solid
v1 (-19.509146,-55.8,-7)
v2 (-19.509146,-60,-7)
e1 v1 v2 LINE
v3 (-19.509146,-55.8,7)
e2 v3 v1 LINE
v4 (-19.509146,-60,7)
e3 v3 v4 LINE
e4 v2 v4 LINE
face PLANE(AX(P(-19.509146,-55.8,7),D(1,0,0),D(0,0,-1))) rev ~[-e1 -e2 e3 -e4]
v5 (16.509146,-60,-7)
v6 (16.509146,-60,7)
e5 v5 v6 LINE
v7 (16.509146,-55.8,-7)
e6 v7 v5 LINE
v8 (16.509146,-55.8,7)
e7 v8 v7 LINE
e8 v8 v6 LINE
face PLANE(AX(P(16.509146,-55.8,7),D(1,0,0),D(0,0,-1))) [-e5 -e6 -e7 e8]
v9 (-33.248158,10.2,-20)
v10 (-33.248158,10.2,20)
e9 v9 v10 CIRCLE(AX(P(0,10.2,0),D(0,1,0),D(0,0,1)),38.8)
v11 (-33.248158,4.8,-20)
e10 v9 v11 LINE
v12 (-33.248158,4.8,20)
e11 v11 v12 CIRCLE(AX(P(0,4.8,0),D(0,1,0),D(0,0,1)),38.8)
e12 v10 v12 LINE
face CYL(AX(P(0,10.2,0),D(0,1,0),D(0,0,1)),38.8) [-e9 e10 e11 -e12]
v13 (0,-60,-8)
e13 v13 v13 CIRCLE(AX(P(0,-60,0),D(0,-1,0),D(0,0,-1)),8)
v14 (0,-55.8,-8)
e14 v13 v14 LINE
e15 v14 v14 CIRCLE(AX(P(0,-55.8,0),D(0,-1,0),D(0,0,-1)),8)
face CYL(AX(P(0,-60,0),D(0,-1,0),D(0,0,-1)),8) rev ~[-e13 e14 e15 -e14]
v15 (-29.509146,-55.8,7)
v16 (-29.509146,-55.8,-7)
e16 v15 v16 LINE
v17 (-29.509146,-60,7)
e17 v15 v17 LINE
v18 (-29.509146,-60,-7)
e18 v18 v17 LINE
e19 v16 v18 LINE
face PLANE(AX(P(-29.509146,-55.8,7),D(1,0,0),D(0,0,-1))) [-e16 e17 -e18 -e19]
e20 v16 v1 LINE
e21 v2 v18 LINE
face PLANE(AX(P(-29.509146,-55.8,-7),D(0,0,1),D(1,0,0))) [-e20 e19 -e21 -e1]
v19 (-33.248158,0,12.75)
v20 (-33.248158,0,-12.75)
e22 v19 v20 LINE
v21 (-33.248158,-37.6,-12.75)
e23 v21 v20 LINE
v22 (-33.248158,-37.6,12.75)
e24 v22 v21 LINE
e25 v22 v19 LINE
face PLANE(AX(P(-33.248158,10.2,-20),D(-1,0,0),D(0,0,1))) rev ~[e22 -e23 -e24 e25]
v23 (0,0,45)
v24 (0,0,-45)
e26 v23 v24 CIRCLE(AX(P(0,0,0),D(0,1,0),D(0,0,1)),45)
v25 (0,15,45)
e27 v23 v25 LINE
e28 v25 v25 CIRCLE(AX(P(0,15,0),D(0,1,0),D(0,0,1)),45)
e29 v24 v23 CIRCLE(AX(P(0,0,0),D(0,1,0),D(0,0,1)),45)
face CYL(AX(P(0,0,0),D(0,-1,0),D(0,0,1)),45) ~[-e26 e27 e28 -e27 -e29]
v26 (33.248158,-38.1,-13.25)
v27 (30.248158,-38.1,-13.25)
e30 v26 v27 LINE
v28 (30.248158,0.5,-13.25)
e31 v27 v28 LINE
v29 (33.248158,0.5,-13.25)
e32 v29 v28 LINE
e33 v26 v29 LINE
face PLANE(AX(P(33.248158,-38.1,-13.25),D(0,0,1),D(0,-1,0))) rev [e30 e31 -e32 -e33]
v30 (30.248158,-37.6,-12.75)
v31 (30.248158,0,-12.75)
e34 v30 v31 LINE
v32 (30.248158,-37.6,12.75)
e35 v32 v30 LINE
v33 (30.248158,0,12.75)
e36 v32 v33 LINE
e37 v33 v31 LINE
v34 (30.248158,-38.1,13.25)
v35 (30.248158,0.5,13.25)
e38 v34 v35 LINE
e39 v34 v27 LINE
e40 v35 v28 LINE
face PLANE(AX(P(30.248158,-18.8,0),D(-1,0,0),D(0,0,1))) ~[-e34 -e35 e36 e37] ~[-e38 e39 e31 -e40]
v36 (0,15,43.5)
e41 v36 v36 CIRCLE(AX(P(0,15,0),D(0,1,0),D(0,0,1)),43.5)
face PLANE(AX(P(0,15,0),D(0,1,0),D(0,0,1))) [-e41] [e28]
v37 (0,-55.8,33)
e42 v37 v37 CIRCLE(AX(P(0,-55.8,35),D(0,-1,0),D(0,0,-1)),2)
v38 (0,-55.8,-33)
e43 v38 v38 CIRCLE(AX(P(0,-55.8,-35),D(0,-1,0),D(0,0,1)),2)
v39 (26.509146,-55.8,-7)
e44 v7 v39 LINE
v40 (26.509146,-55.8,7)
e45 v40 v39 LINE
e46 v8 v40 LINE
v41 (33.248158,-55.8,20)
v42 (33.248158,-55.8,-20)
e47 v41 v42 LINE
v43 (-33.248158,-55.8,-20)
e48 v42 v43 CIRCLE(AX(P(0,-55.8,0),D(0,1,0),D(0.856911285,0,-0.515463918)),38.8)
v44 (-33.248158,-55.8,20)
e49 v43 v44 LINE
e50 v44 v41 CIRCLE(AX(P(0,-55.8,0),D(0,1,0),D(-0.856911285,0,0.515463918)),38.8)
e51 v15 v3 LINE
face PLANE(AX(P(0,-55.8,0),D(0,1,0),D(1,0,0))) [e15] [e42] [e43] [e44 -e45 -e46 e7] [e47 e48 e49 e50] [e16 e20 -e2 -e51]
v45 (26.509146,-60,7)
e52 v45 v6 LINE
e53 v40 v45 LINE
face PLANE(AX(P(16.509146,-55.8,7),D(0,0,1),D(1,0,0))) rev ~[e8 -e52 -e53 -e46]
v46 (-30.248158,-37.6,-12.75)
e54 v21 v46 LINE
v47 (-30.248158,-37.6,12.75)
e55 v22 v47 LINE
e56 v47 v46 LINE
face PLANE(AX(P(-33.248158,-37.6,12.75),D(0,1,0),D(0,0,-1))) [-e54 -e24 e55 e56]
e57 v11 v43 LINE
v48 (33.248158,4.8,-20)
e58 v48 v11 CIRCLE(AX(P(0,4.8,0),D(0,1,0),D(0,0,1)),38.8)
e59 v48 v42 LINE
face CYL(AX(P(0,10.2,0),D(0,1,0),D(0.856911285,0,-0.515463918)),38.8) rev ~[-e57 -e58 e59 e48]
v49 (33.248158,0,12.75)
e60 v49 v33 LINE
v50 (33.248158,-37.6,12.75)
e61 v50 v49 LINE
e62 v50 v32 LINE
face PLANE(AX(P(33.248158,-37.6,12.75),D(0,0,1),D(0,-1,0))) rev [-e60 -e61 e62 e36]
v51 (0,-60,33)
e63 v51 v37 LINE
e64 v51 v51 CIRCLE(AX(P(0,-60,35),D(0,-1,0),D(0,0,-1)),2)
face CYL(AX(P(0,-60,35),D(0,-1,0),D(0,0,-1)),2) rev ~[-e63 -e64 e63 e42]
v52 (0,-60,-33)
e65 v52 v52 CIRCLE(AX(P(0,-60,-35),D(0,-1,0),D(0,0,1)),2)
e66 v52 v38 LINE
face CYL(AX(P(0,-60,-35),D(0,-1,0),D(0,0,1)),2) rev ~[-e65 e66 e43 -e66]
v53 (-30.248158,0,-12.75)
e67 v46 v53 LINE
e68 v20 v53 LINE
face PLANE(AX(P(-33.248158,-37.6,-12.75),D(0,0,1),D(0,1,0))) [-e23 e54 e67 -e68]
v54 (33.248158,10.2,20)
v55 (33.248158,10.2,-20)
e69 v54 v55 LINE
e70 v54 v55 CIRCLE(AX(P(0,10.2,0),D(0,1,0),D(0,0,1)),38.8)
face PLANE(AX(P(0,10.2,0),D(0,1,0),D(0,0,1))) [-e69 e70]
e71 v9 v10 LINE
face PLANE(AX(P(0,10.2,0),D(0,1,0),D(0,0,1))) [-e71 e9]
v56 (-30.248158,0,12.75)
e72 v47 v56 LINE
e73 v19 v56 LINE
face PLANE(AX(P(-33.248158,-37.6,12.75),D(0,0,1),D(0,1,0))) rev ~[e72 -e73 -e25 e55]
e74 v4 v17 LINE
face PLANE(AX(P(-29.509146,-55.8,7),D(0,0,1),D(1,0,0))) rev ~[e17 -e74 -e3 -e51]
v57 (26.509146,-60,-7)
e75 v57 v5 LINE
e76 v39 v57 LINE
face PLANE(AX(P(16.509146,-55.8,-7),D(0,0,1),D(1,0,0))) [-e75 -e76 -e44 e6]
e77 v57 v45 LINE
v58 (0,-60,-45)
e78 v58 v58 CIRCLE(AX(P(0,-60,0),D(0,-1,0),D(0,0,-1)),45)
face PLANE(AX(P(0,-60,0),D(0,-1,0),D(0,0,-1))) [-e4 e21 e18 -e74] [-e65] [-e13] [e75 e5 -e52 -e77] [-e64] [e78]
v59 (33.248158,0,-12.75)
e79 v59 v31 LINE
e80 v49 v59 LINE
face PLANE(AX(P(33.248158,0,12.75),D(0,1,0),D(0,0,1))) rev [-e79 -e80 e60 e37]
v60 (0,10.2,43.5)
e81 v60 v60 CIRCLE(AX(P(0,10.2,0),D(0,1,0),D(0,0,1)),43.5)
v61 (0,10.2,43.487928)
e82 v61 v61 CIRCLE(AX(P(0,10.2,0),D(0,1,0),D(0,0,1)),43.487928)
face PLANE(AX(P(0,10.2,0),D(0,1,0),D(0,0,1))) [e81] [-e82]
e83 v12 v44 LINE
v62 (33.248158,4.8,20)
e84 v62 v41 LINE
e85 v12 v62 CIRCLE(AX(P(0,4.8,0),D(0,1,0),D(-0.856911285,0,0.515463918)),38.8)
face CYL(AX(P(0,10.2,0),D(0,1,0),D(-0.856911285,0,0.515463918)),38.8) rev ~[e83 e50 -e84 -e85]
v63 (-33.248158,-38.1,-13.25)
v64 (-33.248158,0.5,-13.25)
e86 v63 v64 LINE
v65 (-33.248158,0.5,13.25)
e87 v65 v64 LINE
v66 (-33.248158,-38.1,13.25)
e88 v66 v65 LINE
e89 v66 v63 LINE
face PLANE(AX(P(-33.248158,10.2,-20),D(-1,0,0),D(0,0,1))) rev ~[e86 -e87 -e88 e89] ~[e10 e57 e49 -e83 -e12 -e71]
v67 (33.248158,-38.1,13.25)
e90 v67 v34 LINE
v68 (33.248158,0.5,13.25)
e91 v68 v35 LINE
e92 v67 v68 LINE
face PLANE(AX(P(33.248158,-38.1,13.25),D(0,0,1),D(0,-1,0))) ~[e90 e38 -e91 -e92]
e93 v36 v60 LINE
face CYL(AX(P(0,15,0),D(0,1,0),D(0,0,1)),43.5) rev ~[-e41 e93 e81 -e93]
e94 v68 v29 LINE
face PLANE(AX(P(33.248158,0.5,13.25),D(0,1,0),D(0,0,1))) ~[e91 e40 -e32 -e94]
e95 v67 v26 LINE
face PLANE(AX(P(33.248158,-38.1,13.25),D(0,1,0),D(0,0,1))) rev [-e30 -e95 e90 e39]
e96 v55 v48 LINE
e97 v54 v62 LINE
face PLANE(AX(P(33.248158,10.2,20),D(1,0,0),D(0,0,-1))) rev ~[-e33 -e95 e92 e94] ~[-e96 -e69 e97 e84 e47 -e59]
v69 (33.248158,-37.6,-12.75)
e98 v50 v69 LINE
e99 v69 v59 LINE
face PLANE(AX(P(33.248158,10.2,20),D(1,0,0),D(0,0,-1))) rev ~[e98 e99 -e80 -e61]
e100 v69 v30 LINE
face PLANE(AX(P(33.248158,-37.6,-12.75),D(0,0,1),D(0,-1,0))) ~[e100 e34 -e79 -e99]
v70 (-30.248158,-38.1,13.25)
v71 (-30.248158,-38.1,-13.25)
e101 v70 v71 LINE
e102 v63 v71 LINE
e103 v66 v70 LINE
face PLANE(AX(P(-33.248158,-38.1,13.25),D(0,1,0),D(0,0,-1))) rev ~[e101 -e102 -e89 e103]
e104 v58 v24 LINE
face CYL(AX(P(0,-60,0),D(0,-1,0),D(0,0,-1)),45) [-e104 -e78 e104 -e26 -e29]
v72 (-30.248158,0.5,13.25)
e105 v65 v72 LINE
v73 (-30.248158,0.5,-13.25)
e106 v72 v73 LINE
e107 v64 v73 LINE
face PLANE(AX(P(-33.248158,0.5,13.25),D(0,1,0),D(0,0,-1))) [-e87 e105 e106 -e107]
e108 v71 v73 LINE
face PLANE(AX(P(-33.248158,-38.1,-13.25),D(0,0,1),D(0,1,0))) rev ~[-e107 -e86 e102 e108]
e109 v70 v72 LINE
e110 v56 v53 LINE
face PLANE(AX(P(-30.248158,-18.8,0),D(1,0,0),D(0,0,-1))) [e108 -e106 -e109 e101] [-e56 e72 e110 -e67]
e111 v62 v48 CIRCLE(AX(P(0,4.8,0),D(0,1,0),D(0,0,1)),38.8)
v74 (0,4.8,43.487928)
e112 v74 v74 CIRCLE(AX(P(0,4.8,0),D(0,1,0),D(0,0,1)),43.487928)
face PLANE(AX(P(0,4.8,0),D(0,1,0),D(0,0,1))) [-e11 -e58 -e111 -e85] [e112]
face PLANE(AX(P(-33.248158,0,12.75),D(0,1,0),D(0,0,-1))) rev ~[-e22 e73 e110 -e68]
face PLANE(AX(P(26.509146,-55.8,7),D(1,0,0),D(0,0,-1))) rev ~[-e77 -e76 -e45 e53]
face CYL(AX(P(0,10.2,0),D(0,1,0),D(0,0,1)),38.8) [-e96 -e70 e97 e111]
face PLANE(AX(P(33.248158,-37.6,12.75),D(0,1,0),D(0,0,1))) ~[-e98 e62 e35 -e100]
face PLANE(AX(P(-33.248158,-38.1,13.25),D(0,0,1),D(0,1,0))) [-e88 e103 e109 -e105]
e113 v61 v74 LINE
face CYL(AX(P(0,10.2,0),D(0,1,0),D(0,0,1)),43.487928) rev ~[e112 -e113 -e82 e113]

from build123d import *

# Parameters (mm, degrees)
SKETCH1_R               = 45
BOSS_EXTRUDE1_DEPTH     = 15
SKETCH2_R               = 43.5
CUT_EXTRUDE1_DEPTH      = 4.8
SKETCH3_R               = 43.487927738
SKETCH3_R_2             = 38.8
CUT_EXTRUDE2_DEPTH      = 5.4
BOSS_EXTRUDE2_START     = 60
SKETCH4_R               = 45
BOSS_EXTRUDE2_DEPTH     = 60
SKETCH6_R               = 8
CUT_EXTRUDE4_DEPTH      = 71
CUT_EXTRUDE6_DEPTH      = 66
SKETCH11_W              = 26.5
SKETCH11_H              = 38.6
SKETCH11_W_2            = 25.5
SKETCH11_H_2            = 37.6
BOSS_EXTRUDE3_DEPTH     = 3
SKETCH12_W              = 10
SKETCH12_H              = 14
CUT_EXTRUDE_THIN1_DEPTH = 10
SKETCH13_R              = 2
CUT_EXTRUDE7_DEPTH      = 10


with BuildPart() as part:
    # Sketch1 → Boss-Extrude1 (new body)
    with BuildSketch(Plane(origin=(0, 0, 0), x_dir=(1, 0, 0), z_dir=(0, 1, 0))):
        with Locations(Location((0, 0, 0), (0, 0, 270))):
            Circle(SKETCH1_R)
    extrude(amount=BOSS_EXTRUDE1_DEPTH)

    # Sketch2 → Cut-Extrude1 (cut)
    with BuildSketch(Plane(origin=(0, 15, 0), x_dir=(1, 0, 0), z_dir=(0, 1, 0))):
        with Locations(Location((0, 0, 0), (0, 0, 270))):
            Circle(SKETCH2_R)
    extrude(amount=-CUT_EXTRUDE1_DEPTH, mode=Mode.SUBTRACT)

    # Sketch3 → Cut-Extrude2 (cut)
    with BuildSketch(Plane(origin=(0, 10.2, 0), x_dir=(1, 0, 0), z_dir=(0, 1, 0))):
        with Locations(Location((0, 0, 0), (0, 0, 270))):
            Circle(SKETCH3_R)
        with Locations(Location((0, 0, 0), (0, 0, 270))):
            Circle(SKETCH3_R_2, mode=Mode.SUBTRACT)
    extrude(amount=-CUT_EXTRUDE2_DEPTH, mode=Mode.SUBTRACT)

    # Sketch4 → Boss-Extrude2 (add)
    with BuildSketch(Plane.XZ.offset(BOSS_EXTRUDE2_START)):
        with Locations(Location((0, 0, 0), (0, 0, 270))):
            Circle(SKETCH4_R)
    extrude(amount=-BOSS_EXTRUDE2_DEPTH)

    # Sketch6 → Cut-Extrude4 (cut)
    with BuildSketch(Plane.XZ.offset(60)):
        with Locations(Location((0, 0, 0), (0, 0, 270))):
            Circle(SKETCH6_R)
    extrude(amount=-CUT_EXTRUDE4_DEPTH, mode=Mode.SUBTRACT)

    # Sketch10 → Cut-Extrude6 (cut)
    with BuildSketch(Plane(origin=(0, 10.2, 0), x_dir=(1, 0, 0), z_dir=(0, 1, 0))):
        with BuildLine():
            Line((-33.248157844, 20), (-33.248157844, -20))
            ThreePointArc((-33.248157844, -20), (0, -38.8), (33.248157844, -20))
            Line((33.248157844, -20), (33.248157844, 20))
            ThreePointArc((33.248157844, 20), (0, 38.8), (-33.248157844, 20))
        make_face()
    extrude(amount=-CUT_EXTRUDE6_DEPTH, mode=Mode.SUBTRACT)

    # Sketch11 → Boss-Extrude3 (add)
    with BuildSketch(Plane(origin=(-33.248157844, 0, 0), x_dir=(0, 0, -1), z_dir=(1, 0, 0))):
        with Locations((0, -18.8)):
            Rectangle(SKETCH11_W, SKETCH11_H)
        with Locations((0, -18.8)):
            Rectangle(SKETCH11_W_2, SKETCH11_H_2, mode=Mode.SUBTRACT)
    boss_extrude3 = extrude(amount=BOSS_EXTRUDE3_DEPTH)

    # Mirror1: Boss-Extrude3 across plane
    add(boss_extrude3.mirror(Plane(origin=(0, 0, 0), x_dir=(0, 0, 1), z_dir=(1, 0, 0))))

    # Sketch12 → Cut-Extrude-Thin1 (cut)
    with BuildSketch(Plane(origin=(0, -55.8, 0), x_dir=(1, 0, 0), z_dir=(0, 1, 0))):
        with Locations((-24.509146191, 0)):
            Rectangle(SKETCH12_W, SKETCH12_H)
        with Locations((21.509146191, 0)):
            Rectangle(SKETCH12_W, SKETCH12_H)
    extrude(amount=-CUT_EXTRUDE_THIN1_DEPTH, mode=Mode.SUBTRACT)

    # Sketch13 → Cut-Extrude7 (cut)
    with BuildSketch(Plane.XZ.offset(60)):
        with Locations(Location((0, 35, 0), (0, 0, 270))):
            Circle(SKETCH13_R)
        with Locations(Location((0, -35, 0), (0, 0, 90))):
            Circle(SKETCH13_R)
    extrude(amount=-CUT_EXTRUDE7_DEPTH, mode=Mode.SUBTRACT)


solid = part.part
